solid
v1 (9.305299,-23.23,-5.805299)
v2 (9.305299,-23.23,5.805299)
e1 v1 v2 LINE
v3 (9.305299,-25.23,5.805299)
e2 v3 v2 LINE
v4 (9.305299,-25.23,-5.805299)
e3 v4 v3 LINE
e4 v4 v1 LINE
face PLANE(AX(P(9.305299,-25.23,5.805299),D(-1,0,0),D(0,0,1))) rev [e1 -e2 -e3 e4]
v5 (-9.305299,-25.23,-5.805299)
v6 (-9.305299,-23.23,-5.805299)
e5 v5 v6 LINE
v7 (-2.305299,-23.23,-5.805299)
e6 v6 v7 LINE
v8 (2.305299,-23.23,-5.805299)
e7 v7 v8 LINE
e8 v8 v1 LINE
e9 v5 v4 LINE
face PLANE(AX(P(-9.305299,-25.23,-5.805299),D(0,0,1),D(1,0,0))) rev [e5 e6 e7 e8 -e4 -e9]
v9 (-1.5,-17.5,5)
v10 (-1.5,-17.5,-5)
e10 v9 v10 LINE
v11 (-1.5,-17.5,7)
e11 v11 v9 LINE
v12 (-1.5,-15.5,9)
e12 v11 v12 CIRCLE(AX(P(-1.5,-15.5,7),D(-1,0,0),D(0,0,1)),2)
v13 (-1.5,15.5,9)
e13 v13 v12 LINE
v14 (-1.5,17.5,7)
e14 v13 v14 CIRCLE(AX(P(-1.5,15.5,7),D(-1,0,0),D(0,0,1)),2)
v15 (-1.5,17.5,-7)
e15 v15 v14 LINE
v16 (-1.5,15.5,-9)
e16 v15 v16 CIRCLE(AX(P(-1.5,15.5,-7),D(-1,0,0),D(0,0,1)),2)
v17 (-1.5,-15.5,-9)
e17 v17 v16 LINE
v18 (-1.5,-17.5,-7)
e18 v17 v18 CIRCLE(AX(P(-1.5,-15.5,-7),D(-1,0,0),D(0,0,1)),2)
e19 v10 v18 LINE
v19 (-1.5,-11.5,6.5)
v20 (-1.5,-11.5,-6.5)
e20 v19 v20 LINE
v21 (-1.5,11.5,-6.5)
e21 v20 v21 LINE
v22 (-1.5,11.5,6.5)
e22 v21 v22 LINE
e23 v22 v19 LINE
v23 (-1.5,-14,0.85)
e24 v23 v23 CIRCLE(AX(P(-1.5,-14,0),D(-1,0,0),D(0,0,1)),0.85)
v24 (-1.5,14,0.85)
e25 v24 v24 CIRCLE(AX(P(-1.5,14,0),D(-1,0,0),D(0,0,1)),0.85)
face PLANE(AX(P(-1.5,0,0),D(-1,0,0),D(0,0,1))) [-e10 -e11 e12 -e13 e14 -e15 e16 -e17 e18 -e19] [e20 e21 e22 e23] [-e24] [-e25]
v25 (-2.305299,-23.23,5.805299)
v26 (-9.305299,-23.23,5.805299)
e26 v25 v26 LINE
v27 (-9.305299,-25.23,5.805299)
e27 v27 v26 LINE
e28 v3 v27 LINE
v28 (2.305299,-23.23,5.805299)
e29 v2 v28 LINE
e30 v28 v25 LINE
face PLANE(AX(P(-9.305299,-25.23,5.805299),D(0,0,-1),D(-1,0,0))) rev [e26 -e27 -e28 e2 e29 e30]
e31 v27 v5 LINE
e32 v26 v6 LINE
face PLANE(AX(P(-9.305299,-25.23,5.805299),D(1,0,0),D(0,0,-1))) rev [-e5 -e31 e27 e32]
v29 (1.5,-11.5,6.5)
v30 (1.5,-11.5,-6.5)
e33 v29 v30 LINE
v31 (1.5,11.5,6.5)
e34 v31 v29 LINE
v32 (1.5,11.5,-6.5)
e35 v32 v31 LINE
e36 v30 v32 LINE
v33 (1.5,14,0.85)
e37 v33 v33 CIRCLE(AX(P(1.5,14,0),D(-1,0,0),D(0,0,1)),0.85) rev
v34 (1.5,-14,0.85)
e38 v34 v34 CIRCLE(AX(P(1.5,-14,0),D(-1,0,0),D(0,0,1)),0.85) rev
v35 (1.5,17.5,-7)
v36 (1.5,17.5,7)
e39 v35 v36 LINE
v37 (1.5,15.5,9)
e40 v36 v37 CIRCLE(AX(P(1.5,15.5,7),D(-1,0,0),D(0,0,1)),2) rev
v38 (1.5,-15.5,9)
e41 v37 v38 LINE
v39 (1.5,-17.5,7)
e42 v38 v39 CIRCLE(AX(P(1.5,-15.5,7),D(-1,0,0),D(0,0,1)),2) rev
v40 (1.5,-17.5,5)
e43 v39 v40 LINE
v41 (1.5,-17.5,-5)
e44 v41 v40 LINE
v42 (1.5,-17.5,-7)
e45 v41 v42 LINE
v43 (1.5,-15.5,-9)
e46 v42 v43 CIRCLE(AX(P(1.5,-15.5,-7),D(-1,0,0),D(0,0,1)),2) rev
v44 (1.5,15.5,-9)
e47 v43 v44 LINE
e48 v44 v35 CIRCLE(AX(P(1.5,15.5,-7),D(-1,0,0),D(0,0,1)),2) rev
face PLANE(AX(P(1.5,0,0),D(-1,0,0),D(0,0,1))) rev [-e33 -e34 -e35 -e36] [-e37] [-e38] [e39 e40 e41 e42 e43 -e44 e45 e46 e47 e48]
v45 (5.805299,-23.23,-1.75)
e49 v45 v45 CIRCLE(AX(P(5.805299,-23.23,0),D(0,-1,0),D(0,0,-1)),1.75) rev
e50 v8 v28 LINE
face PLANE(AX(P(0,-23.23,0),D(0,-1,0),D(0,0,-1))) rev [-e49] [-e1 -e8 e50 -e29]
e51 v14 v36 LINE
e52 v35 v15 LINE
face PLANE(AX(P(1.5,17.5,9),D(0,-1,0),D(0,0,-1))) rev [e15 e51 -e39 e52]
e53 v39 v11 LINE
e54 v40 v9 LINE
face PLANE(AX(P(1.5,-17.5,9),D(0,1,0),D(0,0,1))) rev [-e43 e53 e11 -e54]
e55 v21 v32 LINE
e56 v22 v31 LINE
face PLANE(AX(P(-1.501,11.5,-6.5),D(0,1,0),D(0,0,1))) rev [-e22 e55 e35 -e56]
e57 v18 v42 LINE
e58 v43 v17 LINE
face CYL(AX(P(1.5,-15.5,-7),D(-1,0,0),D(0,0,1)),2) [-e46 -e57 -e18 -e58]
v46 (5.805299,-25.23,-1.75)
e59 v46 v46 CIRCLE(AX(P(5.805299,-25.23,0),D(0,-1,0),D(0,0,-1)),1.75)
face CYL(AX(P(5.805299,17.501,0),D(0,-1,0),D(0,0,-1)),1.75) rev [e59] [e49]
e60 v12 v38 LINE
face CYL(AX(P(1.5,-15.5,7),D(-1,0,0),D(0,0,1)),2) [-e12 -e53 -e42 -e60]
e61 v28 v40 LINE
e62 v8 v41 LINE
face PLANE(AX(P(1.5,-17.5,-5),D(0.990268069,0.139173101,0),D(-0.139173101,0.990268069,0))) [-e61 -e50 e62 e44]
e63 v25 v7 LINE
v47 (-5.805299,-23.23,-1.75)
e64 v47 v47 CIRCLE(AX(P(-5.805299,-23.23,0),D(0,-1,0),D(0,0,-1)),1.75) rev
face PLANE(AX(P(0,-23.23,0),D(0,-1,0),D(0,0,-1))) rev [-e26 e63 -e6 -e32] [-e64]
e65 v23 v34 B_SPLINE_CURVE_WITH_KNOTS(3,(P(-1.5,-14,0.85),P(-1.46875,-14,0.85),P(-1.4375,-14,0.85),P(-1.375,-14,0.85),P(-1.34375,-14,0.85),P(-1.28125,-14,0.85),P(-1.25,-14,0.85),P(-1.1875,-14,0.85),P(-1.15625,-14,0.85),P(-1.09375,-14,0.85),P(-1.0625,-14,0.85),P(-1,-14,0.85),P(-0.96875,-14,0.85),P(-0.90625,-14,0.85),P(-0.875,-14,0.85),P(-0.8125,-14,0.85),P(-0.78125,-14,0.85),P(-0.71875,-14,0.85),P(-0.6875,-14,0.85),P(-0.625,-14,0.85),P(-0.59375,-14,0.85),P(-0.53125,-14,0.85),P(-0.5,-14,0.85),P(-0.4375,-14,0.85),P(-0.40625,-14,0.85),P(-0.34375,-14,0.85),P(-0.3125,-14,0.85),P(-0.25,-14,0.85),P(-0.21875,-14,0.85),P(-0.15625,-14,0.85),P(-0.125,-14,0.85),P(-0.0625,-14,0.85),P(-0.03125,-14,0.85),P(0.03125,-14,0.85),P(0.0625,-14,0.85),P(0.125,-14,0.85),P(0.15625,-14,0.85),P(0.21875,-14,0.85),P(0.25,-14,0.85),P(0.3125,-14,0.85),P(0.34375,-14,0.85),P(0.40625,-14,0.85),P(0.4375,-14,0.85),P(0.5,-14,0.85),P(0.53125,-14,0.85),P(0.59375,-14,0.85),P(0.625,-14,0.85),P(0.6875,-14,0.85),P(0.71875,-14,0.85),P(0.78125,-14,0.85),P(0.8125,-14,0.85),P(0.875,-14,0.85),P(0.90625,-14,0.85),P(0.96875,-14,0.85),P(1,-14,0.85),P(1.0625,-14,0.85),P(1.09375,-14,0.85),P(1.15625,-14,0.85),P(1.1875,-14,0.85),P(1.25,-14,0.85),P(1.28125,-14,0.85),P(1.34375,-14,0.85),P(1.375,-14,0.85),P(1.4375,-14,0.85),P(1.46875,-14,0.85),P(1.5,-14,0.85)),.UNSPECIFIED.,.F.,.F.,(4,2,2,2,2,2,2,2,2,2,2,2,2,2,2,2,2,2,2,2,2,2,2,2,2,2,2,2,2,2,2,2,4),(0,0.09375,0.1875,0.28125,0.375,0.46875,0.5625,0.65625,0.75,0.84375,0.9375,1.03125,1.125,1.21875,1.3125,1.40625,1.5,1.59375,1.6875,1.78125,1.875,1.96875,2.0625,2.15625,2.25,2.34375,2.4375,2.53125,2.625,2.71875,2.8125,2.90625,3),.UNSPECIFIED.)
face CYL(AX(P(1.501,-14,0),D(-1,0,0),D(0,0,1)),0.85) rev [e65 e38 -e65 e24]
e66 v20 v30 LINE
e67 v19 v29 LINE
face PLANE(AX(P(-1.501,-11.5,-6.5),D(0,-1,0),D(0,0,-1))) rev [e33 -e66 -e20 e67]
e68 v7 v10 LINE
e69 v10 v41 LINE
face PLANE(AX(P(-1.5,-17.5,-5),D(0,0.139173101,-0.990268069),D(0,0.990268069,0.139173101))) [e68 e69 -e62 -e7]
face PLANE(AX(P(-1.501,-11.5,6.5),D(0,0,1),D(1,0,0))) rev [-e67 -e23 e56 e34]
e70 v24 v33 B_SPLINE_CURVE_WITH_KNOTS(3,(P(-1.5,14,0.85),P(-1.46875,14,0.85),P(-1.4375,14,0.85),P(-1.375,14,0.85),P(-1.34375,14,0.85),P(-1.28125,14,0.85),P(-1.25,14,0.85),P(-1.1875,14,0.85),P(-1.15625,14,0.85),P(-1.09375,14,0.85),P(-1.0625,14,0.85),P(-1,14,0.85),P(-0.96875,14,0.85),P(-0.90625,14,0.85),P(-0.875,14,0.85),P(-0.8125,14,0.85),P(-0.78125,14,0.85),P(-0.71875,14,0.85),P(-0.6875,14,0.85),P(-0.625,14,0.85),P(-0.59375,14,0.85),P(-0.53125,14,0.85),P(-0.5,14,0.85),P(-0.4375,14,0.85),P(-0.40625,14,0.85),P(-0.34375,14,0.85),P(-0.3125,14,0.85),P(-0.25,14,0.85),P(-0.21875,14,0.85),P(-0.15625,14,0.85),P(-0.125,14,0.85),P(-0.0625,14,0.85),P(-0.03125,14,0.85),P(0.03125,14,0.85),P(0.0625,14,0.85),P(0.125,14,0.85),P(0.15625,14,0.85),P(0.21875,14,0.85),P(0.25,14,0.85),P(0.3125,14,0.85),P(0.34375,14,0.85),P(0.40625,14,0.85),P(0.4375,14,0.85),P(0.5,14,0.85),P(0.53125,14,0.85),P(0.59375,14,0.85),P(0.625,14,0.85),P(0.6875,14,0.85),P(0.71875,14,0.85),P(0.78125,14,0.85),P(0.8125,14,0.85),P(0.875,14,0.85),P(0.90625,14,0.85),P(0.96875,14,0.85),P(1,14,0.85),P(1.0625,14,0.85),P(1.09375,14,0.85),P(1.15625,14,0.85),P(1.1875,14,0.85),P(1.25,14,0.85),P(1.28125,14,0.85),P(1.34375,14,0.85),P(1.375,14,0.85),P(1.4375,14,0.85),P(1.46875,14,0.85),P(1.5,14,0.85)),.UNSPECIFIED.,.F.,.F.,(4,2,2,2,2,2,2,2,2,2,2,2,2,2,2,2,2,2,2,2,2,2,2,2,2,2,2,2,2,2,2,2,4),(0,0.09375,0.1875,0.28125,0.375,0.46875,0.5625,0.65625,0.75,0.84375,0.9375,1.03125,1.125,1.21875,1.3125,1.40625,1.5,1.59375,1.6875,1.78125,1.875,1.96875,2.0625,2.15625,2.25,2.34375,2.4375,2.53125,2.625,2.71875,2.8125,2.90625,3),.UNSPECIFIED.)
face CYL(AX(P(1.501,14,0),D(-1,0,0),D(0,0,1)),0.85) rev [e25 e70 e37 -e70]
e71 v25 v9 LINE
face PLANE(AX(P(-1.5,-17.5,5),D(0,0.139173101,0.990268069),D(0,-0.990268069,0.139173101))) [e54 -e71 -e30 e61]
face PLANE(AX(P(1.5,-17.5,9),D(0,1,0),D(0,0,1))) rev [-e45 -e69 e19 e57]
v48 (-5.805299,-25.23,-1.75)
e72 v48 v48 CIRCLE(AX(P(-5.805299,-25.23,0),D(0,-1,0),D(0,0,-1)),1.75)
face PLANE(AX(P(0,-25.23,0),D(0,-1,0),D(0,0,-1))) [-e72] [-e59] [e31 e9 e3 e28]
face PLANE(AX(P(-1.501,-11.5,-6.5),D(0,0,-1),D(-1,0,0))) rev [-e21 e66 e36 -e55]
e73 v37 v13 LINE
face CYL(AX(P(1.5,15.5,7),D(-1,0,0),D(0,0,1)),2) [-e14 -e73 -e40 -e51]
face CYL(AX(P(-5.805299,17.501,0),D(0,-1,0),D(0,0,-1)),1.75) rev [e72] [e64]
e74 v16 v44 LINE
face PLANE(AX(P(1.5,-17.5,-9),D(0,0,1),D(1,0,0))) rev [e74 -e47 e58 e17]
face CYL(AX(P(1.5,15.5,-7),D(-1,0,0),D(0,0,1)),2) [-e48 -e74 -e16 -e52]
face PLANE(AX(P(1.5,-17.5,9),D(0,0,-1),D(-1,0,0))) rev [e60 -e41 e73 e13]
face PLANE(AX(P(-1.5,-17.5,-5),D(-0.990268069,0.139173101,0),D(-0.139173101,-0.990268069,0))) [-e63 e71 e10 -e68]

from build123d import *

# Parameters (mm, degrees)
ESBO_O1_W                = 18
ESBO_O1_H                = 35
RESSALTO_EXTRUS_O1_DEPTH = 1.5
CORTE_EXTRUS_O1_REACH    = 21.906
ESBO_O2_W                = 13
ESBO_O2_H                = 23
CORTE_EXTRUS_O2_REACH    = 21.906
ESBO_O3_R                = 0.85
FILETE1_R                = 2
ESBO_O4_W                = 3
ESBO_O4_H                = 10
RESSALTO_EXTRUS_O2_DEPTH = 5.73
RESSALTO_EXTRUS_O2_DRAFT = -8
ESBO_O5_W                = 18.610597966
ESBO_O5_H                = 11.610597966
RESSALTO_EXTRUS_O3_DEPTH = 2
CORTE_EXTRUS_O4_REACH    = 46.648
ESBO_O7_R                = 1.75


with BuildPart() as part:
    # Esboço1 → Ressalto-extrusão1 (new, symmetric)
    with BuildSketch(Plane(origin=(0, 0, 0), x_dir=(0, 0, -1), z_dir=(1, 0, 0))):
        Rectangle(ESBO_O1_W, ESBO_O1_H)
    extrude(amount=RESSALTO_EXTRUS_O1_DEPTH, both=True)

    # Esboço2 → Corte-extrusão1 (cut, up to next)
    with BuildSketch(Plane(origin=(1.5, 0, 0), x_dir=(0, 0, -1), z_dir=(1, 0, 0)), mode=Mode.PRIVATE) as corte_extrus_o1_sk1:
        Rectangle(ESBO_O2_W, ESBO_O2_H)
    corte_extrus_o1_tool1 = extrude(corte_extrus_o1_sk1.sketch, amount=-CORTE_EXTRUS_O1_REACH, mode=Mode.PRIVATE) & part.part
    add(corte_extrus_o1_tool1.solids().sort_by_distance((1.5, 0, 0))[0], mode=Mode.SUBTRACT)

    # Esboço3 → Corte-extrusão2 (cut, up to next)
    with BuildSketch(Plane.ZY.offset(1.5), mode=Mode.PRIVATE) as corte_extrus_o2_sk1:
        with Locations((0, 14)):
            Circle(ESBO_O3_R)
    corte_extrus_o2_tool1 = extrude(corte_extrus_o2_sk1.sketch, amount=-CORTE_EXTRUS_O2_REACH, mode=Mode.PRIVATE) & part.part
    # Esboço3 → Corte-extrusão2 (cut, up to next)
    with BuildSketch(Plane.ZY.offset(1.5), mode=Mode.PRIVATE) as corte_extrus_o2_sk2:
        with Locations((0, -14)):
            Circle(ESBO_O3_R)
    corte_extrus_o2_tool2 = extrude(corte_extrus_o2_sk2.sketch, amount=-CORTE_EXTRUS_O2_REACH, mode=Mode.PRIVATE) & part.part
    add(corte_extrus_o2_tool1.solids().sort_by_distance((-1.5, 14, 0))[0], mode=Mode.SUBTRACT)
    add(corte_extrus_o2_tool2.solids().sort_by_distance((-1.5, -14, 0))[0], mode=Mode.SUBTRACT)

    # Filete1
    filete1_edges = [part.edges().sort_by_distance(p)[0] for p in [
        (0, -17.5, -9),
        (0, -17.5, 9),
        (0, 17.5, 9),
        (0, 17.5, -9),
    ]]
    fillet(filete1_edges, radius=FILETE1_R)


with BuildPart() as ressalto_extrus_o2_tool:
    # Esboço4 → Ressalto-extrusão2 (with draft: the straight prism first)
    with BuildSketch(Plane.XZ.offset(17.5)):
        Rectangle(ESBO_O4_W, ESBO_O4_H)
    extrude(amount=RESSALTO_EXTRUS_O2_DEPTH)
    # Ressalto-extrusão2: the draft: its side faces are tilted about the plane it starts from
    ressalto_extrus_o2_sides = [ressalto_extrus_o2_tool.faces().sort_by_distance(p)[0] for p in [
        (0, -20.365, -5),
        (1.5, -20.365, 0),
        (0, -20.365, 5),
        (-1.5, -20.365, 0),
    ]]
    draft(ressalto_extrus_o2_sides, Plane.XZ.offset(17.5), RESSALTO_EXTRUS_O2_DRAFT)


with BuildPart() as part_1:
    add(part.part)

    # Ressalto-extrusão2: add ressalto_extrus_o2_tool
    add(ressalto_extrus_o2_tool.part)

    # Esboço5 → Ressalto-extrusão3 (add)
    with BuildSketch(Plane.XZ.offset(23.23)):
        Rectangle(ESBO_O5_W, ESBO_O5_H)
    extrude(amount=RESSALTO_EXTRUS_O3_DEPTH)

    # Esboço7 → Corte-extrusão4 (cut, up to next)
    with BuildSketch(Plane.XZ.offset(25.23), mode=Mode.PRIVATE) as corte_extrus_o4_sk1:
        with Locations(Location((-5.805298983, 0, 0), (0, 0, 270))):
            Circle(ESBO_O7_R)
    corte_extrus_o4_tool1 = extrude(corte_extrus_o4_sk1.sketch, amount=-CORTE_EXTRUS_O4_REACH, mode=Mode.PRIVATE) & part_1.part
    # Esboço7 → Corte-extrusão4 (cut, up to next)
    with BuildSketch(Plane.XZ.offset(25.23), mode=Mode.PRIVATE) as corte_extrus_o4_sk2:
        with Locations(Location((5.805298983, 0, 0), (0, 0, 270))):
            Circle(ESBO_O7_R)
    corte_extrus_o4_tool2 = extrude(corte_extrus_o4_sk2.sketch, amount=-CORTE_EXTRUS_O4_REACH, mode=Mode.PRIVATE) & part_1.part
    add(corte_extrus_o4_tool1.solids().sort_by_distance((-5.805299, -25.23, 0))[0], mode=Mode.SUBTRACT)
    add(corte_extrus_o4_tool2.solids().sort_by_distance((5.805299, -25.23, 0))[0], mode=Mode.SUBTRACT)


solid = part_1.part
